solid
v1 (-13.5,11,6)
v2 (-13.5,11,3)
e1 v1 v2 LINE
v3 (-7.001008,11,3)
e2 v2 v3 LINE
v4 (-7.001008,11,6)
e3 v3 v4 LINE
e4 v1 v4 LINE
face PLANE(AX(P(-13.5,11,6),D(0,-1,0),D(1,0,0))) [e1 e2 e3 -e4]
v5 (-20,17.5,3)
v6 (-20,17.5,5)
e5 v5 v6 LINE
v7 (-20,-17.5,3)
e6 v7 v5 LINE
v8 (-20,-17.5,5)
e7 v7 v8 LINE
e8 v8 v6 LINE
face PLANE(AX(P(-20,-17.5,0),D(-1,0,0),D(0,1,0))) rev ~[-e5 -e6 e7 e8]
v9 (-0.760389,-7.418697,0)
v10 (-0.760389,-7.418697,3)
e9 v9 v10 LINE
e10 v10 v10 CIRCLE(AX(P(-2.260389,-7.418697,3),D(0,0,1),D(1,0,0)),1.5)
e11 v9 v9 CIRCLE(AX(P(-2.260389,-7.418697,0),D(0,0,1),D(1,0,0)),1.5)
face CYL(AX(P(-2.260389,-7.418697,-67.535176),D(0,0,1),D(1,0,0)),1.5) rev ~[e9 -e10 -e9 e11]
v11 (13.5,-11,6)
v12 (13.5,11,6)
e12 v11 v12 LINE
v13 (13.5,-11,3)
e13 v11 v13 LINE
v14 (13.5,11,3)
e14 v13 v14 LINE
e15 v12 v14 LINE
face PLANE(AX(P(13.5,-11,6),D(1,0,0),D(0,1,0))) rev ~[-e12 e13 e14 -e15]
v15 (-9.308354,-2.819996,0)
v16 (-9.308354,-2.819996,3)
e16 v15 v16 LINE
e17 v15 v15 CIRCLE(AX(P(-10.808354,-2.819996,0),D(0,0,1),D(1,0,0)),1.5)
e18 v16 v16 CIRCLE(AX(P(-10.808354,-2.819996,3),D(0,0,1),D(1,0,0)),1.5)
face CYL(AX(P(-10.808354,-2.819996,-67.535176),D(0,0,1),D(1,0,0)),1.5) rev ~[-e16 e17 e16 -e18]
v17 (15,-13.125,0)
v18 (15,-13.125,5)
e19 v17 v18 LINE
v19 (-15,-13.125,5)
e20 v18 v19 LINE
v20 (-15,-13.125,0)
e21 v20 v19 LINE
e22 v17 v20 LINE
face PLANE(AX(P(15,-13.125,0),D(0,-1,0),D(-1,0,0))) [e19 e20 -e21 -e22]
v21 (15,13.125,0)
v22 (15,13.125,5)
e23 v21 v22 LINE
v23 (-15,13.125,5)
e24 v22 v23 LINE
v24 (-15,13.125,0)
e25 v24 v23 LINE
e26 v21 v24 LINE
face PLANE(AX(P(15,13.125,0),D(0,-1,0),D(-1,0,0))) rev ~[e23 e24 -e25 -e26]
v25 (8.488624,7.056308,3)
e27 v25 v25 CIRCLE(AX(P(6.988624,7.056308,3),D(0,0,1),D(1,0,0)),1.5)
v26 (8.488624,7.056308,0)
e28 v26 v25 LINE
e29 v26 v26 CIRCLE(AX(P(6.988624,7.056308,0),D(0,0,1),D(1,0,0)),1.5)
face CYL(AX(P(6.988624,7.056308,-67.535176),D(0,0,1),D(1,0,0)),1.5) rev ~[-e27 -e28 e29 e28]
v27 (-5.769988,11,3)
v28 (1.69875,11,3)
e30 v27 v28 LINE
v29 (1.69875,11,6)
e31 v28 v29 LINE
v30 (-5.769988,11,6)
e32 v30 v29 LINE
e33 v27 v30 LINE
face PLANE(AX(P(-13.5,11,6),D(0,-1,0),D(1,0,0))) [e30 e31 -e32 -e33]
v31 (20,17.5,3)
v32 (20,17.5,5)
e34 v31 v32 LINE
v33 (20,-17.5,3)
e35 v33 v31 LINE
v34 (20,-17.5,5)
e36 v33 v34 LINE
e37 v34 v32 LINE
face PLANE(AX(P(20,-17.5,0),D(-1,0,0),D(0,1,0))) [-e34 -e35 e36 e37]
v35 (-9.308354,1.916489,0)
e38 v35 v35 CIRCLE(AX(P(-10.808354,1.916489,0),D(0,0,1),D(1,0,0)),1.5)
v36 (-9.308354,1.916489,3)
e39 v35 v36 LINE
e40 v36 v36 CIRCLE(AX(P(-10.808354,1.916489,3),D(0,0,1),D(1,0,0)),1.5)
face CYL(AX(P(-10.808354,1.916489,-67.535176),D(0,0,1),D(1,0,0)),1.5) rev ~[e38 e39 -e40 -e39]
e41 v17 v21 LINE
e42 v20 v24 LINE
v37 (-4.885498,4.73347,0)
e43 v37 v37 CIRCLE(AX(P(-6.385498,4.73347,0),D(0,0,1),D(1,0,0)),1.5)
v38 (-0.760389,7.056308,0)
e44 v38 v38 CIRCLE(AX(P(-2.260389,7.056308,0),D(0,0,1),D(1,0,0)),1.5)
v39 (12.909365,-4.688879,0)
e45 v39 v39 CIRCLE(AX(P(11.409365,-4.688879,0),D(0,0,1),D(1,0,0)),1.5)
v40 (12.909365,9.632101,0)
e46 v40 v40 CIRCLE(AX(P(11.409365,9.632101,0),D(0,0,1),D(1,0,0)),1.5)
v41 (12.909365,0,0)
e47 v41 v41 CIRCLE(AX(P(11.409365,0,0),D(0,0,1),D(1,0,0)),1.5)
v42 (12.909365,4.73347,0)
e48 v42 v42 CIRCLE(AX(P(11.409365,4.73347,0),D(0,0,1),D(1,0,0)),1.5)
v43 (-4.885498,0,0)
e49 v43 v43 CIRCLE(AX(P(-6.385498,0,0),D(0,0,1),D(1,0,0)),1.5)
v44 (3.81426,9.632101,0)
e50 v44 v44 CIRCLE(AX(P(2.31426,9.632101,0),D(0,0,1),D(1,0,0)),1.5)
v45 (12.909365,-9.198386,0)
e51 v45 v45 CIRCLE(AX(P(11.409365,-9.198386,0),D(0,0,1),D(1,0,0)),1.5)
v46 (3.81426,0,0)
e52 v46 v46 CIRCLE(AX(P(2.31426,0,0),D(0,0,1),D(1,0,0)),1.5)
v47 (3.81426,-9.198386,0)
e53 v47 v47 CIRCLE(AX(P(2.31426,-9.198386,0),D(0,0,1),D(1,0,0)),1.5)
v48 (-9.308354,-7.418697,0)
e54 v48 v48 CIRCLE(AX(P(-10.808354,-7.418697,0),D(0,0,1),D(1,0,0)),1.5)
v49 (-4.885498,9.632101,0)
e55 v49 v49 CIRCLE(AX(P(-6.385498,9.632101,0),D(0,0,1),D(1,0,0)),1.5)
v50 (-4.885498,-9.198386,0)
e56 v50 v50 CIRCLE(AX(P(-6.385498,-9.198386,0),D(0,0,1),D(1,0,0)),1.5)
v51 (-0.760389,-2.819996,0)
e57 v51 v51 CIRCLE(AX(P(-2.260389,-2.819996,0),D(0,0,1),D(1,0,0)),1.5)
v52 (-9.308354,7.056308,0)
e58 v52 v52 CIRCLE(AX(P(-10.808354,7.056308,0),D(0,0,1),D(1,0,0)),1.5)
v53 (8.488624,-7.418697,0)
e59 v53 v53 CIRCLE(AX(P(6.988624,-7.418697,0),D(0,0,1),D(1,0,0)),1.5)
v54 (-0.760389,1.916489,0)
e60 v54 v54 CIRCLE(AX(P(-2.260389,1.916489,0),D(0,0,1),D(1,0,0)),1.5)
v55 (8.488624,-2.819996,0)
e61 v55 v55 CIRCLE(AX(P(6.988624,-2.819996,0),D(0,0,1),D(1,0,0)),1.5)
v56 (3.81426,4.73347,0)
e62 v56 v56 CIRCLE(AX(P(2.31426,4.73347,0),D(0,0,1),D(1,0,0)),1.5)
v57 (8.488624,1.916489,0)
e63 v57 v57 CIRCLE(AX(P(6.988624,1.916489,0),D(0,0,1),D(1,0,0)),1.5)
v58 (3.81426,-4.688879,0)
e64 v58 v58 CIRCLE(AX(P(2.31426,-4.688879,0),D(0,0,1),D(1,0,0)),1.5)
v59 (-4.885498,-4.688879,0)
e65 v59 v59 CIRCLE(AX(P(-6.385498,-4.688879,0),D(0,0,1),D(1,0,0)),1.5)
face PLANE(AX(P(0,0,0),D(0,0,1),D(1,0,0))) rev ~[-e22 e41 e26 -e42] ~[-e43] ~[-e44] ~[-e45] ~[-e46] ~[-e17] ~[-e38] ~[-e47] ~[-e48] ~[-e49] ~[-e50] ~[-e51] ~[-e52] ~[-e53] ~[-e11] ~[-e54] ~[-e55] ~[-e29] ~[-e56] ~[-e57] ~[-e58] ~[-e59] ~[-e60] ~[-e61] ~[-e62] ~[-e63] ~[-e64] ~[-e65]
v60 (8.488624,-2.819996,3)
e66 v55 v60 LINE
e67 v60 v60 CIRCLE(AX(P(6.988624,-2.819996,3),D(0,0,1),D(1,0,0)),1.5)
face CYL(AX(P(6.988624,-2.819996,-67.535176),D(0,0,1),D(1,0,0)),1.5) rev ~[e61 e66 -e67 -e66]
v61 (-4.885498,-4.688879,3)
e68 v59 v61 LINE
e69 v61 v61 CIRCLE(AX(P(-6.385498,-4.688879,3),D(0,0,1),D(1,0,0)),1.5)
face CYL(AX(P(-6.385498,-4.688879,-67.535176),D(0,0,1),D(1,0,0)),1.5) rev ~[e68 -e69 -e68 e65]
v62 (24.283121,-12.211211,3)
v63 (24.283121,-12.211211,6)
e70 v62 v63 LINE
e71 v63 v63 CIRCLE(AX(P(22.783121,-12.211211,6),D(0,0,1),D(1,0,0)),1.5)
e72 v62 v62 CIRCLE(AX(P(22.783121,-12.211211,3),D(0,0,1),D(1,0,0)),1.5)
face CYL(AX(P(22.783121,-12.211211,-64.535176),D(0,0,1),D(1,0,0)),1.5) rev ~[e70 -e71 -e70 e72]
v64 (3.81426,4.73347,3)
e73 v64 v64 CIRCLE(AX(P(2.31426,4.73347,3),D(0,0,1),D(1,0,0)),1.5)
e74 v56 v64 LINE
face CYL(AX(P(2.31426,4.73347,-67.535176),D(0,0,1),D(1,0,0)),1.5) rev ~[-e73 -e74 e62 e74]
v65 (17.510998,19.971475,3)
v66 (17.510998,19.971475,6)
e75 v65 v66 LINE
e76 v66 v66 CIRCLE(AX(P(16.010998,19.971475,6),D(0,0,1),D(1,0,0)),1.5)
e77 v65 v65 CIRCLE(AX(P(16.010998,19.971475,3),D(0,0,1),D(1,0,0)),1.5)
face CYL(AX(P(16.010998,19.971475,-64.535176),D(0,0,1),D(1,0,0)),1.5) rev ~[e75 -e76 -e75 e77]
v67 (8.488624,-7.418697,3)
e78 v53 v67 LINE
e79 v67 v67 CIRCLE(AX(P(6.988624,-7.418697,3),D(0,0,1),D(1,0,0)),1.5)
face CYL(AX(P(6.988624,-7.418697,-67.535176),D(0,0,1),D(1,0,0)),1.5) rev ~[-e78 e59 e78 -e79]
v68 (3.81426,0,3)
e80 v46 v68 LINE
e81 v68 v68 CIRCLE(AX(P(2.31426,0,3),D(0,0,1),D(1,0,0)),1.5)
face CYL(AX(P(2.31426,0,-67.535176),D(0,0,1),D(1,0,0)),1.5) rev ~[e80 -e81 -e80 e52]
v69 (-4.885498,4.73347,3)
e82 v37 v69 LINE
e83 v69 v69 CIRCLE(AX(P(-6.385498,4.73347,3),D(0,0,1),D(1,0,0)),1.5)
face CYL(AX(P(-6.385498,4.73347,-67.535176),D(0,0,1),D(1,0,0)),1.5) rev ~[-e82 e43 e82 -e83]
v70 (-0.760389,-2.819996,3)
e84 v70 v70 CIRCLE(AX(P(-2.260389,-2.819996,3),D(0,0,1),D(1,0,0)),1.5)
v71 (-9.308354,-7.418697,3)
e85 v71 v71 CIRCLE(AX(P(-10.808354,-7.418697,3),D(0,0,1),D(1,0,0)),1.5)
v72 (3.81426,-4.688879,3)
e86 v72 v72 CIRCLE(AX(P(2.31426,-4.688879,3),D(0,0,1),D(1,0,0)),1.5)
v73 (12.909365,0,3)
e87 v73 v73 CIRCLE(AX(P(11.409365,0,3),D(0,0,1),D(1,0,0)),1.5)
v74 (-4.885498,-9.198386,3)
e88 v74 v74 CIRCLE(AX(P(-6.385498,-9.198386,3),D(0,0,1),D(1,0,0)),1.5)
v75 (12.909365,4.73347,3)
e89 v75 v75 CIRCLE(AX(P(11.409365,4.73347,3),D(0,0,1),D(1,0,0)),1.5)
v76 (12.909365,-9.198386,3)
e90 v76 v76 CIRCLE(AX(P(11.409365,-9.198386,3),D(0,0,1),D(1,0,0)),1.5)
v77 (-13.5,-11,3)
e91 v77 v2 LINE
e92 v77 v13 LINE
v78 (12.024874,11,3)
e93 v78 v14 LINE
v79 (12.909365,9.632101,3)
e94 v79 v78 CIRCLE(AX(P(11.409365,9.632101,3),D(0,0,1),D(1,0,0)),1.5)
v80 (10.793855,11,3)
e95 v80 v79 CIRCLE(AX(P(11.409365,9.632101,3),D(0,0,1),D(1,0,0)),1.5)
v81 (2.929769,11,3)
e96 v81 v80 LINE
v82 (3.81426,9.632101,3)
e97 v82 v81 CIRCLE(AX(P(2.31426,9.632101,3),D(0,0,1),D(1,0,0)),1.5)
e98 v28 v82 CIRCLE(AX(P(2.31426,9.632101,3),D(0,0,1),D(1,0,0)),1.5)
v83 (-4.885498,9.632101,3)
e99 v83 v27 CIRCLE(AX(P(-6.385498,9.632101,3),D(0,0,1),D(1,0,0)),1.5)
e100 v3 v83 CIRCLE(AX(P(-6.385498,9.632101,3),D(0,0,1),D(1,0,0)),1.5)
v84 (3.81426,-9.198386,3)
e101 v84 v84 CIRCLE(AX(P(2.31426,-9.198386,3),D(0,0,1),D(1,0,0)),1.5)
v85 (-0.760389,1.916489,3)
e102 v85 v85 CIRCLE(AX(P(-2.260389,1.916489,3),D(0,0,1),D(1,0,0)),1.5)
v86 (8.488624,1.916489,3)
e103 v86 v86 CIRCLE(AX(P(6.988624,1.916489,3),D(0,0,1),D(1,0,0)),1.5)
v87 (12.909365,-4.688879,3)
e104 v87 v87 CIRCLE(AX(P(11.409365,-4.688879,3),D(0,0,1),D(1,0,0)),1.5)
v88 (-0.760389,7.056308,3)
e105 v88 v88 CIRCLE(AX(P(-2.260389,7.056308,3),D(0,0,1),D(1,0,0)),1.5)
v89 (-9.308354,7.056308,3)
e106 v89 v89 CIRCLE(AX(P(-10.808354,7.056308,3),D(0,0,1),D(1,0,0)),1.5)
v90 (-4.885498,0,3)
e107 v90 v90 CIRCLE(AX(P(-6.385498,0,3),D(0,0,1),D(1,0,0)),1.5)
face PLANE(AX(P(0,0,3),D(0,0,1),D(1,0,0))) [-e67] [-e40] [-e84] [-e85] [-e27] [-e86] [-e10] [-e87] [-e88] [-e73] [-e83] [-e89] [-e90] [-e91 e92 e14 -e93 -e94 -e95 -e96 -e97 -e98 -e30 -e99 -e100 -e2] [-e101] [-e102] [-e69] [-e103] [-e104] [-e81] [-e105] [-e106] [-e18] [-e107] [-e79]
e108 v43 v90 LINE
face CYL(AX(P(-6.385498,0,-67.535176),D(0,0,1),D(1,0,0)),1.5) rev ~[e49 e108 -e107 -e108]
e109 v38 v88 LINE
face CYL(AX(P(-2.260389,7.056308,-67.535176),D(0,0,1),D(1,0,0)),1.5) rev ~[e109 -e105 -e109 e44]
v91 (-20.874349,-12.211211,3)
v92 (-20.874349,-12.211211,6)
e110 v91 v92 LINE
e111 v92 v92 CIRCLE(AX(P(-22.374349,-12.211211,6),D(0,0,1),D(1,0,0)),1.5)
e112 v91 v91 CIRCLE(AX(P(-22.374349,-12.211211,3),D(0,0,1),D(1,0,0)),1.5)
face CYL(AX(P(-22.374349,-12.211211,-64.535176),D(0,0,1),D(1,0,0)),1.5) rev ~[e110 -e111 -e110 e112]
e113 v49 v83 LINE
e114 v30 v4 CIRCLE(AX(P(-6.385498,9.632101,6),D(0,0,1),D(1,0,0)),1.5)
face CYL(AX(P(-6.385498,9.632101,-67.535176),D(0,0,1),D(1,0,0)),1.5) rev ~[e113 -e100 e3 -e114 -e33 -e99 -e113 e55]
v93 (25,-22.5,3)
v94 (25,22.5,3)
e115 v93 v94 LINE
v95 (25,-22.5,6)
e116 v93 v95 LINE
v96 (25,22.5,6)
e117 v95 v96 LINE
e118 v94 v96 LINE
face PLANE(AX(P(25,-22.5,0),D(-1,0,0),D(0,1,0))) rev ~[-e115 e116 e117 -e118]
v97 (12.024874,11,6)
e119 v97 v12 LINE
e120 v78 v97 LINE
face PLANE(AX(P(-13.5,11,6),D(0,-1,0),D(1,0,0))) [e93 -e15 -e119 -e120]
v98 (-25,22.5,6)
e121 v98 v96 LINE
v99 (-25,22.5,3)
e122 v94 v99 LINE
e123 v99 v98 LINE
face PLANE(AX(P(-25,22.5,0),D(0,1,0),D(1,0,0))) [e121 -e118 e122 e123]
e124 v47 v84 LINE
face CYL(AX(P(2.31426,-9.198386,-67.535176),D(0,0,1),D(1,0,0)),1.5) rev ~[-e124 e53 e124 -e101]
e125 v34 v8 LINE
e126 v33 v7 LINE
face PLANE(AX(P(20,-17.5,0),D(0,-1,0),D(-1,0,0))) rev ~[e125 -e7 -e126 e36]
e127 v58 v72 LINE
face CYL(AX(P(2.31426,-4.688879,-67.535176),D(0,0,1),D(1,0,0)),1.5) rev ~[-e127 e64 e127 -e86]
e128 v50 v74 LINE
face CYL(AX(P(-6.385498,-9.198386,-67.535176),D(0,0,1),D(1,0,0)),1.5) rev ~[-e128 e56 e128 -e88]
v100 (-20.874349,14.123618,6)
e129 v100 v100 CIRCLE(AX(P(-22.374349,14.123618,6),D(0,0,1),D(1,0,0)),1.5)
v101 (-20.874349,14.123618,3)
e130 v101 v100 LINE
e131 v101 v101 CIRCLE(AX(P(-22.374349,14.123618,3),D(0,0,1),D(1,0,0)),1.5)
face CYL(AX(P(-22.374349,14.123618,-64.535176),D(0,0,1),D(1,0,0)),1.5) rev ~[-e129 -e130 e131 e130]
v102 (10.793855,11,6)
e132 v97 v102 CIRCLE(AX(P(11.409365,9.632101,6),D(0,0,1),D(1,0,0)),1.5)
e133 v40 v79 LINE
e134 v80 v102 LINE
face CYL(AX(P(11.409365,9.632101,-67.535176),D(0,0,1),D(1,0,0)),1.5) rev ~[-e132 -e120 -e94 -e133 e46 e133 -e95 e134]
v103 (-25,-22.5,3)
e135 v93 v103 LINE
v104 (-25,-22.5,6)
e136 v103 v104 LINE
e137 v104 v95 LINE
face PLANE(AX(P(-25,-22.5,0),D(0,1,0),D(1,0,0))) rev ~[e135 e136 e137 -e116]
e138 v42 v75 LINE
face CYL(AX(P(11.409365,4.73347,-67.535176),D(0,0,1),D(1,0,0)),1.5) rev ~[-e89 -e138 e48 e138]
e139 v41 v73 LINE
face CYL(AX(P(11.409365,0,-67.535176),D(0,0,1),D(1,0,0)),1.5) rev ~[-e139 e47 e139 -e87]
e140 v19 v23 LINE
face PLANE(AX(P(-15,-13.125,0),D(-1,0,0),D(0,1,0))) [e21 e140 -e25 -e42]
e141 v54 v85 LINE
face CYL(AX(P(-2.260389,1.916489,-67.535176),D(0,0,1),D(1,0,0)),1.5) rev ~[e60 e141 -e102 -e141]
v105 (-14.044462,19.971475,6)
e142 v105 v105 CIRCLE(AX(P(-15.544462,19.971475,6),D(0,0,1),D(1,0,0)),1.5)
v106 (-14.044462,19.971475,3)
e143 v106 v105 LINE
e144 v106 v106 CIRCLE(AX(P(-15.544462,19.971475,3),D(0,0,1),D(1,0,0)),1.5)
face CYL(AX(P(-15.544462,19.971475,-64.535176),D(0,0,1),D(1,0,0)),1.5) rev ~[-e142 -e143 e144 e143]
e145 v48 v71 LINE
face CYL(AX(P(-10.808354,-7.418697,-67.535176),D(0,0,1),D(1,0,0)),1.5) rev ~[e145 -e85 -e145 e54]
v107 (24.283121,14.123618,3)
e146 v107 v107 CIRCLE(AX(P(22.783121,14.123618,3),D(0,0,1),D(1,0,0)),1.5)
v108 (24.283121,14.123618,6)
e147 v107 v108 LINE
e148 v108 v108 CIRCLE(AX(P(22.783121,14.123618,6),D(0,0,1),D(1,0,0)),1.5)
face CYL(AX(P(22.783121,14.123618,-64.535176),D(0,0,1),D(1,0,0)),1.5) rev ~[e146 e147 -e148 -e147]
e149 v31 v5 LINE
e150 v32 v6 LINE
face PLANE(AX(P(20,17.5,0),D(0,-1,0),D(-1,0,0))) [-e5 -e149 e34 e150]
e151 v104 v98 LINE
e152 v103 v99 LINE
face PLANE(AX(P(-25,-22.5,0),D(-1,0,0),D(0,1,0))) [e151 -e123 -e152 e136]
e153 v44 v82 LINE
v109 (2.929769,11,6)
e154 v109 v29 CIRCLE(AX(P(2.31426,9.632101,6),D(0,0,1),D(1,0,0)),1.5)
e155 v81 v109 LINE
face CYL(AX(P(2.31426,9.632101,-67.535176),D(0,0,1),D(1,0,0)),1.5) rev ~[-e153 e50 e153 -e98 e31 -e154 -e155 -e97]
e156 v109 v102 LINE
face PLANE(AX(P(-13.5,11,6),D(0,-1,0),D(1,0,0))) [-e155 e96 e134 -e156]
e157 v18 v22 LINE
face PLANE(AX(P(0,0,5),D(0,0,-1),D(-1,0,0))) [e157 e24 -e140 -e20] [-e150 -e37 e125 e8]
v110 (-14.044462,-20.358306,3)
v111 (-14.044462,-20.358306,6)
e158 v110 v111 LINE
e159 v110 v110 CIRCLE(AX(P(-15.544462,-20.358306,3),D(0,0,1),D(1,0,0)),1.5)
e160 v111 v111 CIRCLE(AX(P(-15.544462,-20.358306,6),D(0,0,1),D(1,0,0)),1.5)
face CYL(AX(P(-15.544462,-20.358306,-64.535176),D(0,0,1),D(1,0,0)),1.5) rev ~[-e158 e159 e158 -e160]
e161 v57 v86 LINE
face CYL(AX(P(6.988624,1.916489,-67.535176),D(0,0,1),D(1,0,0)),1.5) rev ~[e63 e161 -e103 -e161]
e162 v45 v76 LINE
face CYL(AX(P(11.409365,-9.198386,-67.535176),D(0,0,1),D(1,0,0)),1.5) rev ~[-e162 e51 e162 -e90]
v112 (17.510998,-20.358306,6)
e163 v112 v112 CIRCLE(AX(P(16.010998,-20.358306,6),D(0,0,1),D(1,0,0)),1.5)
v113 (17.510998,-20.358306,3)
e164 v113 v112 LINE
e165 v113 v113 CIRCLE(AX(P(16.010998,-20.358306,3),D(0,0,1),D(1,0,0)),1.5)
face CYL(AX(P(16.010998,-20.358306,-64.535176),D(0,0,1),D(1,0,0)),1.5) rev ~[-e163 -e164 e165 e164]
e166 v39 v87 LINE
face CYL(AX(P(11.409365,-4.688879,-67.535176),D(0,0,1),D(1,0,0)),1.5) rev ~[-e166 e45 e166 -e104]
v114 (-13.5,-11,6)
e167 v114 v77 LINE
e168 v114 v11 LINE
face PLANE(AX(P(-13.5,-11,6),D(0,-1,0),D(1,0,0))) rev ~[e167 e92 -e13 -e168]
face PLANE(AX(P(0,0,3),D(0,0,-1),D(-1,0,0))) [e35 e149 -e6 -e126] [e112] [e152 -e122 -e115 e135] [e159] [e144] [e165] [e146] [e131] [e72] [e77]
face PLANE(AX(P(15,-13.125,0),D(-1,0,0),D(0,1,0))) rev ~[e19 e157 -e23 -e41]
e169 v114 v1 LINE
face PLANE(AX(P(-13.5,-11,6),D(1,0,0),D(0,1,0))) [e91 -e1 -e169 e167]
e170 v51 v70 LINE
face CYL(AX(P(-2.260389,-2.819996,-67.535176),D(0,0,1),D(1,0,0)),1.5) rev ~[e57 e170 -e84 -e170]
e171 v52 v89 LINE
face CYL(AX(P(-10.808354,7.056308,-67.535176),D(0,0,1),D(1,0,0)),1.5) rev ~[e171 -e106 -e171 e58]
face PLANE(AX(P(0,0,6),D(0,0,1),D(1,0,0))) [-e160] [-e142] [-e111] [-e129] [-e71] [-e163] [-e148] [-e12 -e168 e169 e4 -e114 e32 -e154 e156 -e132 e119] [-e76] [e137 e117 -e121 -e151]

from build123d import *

# Parameters (mm, degrees)
SKETCH1_W             = 50
SKETCH1_H             = 45
BOSS_EXTRUDE1_DEPTH   = 6
SKETCH2_W             = 40
SKETCH2_H             = 35
SKETCH2_W_2           = 30
SKETCH2_H_2           = 26.25
CUT_EXTRUDE1_DEPTH    = 5
SKETCH8_W             = 27
SKETCH8_H             = 22
CUT_EXTRUDE2_DEPTH    = 3
SKETCH19_W            = 50
SKETCH19_H            = 45
SKETCH19_W_2          = 40
SKETCH19_H_2          = 35
CUT_EXTRUDE3_DEPTH    = 3
F_3_0MM_DOWEL_HOLE1_D = 3
F_3_0MM_DOWEL_HOLE2_D = 3


with BuildPart() as part:
    # Sketch1 → Boss-Extrude1 (new body)
    with BuildSketch(Plane.XY):
        Rectangle(SKETCH1_W, SKETCH1_H)
    extrude(amount=BOSS_EXTRUDE1_DEPTH)

    # Sketch2 → Cut-Extrude1 (cut)
    with BuildSketch(Plane(origin=(0, 0, 0), x_dir=(-1, 0, 0), z_dir=(0, 0, -1))):
        Rectangle(SKETCH2_W, SKETCH2_H)
        Rectangle(SKETCH2_W_2, SKETCH2_H_2, mode=Mode.SUBTRACT)
    extrude(amount=-CUT_EXTRUDE1_DEPTH, mode=Mode.SUBTRACT)

    # Sketch8 → Cut-Extrude2 (cut)
    with BuildSketch(Plane.XY.offset(6)):
        Rectangle(SKETCH8_W, SKETCH8_H)
    extrude(amount=-CUT_EXTRUDE2_DEPTH, mode=Mode.SUBTRACT)

    # Sketch19 → Cut-Extrude3 (cut)
    with BuildSketch(Plane(origin=(0, 0, 0), x_dir=(-1, 0, 0), z_dir=(0, 0, -1))):
        Rectangle(SKETCH19_W, SKETCH19_H)
        Rectangle(SKETCH19_W_2, SKETCH19_H_2, mode=Mode.SUBTRACT)
    extrude(amount=-CUT_EXTRUDE3_DEPTH, mode=Mode.SUBTRACT)

    # Ø3.0mm Dowel Hole1 (through all)
    with Locations(Plane(origin=(0, 0, 3), x_dir=(-1, 0, 0), z_dir=(0, 0, -1))):
        with Locations((-22.783121204, 14.123618146), (-22.783121204, -12.211210761), (-16.010997548, -20.358306406), (15.544462002, -20.358306406), (22.374348981, -12.211210761), (22.374348981, 14.123618146), (15.544462002, 19.971474687), (-16.010997548, 19.971474687)):
            Hole(F_3_0MM_DOWEL_HOLE1_D / 2)

    # Ø3.0mm Dowel Hole2 (through all)
    with Locations(Plane(origin=(0, 0, 0), x_dir=(-1, 0, 0), z_dir=(0, 0, -1))):
        with Locations((-11.409364772, 9.632100926), (-11.409364772, 4.733470352), (-11.409364772, 0), (-11.409364772, -4.688879244), (-11.409364772, -9.198386141), (-6.988624357, 7.056308434), (-6.988624357, 1.916488502), (-6.988624357, -2.81999563), (-6.988624357, -7.418696963), (-2.314259653, 9.632100926), (-2.314259653, 4.733470352), (2.260389176, 7.056308434), (6.385498081, 9.632100926), (6.385498081, 4.733470352), (10.808353766, 7.056308434), (-2.314259653, 0), (-2.314259653, -4.688879244), (-2.314259653, -9.198386141), (2.260389176, 1.916488502), (2.260389176, -2.81999563), (2.260389176, -7.418696963), (6.385498081, 0), (6.385498081, -4.688879244), (6.385498081, -9.198386141), (10.808353766, 1.916488502), (10.808353766, -2.81999563), (10.808353766, -7.418696963)):
            Hole(F_3_0MM_DOWEL_HOLE2_D / 2)


solid = part.part
